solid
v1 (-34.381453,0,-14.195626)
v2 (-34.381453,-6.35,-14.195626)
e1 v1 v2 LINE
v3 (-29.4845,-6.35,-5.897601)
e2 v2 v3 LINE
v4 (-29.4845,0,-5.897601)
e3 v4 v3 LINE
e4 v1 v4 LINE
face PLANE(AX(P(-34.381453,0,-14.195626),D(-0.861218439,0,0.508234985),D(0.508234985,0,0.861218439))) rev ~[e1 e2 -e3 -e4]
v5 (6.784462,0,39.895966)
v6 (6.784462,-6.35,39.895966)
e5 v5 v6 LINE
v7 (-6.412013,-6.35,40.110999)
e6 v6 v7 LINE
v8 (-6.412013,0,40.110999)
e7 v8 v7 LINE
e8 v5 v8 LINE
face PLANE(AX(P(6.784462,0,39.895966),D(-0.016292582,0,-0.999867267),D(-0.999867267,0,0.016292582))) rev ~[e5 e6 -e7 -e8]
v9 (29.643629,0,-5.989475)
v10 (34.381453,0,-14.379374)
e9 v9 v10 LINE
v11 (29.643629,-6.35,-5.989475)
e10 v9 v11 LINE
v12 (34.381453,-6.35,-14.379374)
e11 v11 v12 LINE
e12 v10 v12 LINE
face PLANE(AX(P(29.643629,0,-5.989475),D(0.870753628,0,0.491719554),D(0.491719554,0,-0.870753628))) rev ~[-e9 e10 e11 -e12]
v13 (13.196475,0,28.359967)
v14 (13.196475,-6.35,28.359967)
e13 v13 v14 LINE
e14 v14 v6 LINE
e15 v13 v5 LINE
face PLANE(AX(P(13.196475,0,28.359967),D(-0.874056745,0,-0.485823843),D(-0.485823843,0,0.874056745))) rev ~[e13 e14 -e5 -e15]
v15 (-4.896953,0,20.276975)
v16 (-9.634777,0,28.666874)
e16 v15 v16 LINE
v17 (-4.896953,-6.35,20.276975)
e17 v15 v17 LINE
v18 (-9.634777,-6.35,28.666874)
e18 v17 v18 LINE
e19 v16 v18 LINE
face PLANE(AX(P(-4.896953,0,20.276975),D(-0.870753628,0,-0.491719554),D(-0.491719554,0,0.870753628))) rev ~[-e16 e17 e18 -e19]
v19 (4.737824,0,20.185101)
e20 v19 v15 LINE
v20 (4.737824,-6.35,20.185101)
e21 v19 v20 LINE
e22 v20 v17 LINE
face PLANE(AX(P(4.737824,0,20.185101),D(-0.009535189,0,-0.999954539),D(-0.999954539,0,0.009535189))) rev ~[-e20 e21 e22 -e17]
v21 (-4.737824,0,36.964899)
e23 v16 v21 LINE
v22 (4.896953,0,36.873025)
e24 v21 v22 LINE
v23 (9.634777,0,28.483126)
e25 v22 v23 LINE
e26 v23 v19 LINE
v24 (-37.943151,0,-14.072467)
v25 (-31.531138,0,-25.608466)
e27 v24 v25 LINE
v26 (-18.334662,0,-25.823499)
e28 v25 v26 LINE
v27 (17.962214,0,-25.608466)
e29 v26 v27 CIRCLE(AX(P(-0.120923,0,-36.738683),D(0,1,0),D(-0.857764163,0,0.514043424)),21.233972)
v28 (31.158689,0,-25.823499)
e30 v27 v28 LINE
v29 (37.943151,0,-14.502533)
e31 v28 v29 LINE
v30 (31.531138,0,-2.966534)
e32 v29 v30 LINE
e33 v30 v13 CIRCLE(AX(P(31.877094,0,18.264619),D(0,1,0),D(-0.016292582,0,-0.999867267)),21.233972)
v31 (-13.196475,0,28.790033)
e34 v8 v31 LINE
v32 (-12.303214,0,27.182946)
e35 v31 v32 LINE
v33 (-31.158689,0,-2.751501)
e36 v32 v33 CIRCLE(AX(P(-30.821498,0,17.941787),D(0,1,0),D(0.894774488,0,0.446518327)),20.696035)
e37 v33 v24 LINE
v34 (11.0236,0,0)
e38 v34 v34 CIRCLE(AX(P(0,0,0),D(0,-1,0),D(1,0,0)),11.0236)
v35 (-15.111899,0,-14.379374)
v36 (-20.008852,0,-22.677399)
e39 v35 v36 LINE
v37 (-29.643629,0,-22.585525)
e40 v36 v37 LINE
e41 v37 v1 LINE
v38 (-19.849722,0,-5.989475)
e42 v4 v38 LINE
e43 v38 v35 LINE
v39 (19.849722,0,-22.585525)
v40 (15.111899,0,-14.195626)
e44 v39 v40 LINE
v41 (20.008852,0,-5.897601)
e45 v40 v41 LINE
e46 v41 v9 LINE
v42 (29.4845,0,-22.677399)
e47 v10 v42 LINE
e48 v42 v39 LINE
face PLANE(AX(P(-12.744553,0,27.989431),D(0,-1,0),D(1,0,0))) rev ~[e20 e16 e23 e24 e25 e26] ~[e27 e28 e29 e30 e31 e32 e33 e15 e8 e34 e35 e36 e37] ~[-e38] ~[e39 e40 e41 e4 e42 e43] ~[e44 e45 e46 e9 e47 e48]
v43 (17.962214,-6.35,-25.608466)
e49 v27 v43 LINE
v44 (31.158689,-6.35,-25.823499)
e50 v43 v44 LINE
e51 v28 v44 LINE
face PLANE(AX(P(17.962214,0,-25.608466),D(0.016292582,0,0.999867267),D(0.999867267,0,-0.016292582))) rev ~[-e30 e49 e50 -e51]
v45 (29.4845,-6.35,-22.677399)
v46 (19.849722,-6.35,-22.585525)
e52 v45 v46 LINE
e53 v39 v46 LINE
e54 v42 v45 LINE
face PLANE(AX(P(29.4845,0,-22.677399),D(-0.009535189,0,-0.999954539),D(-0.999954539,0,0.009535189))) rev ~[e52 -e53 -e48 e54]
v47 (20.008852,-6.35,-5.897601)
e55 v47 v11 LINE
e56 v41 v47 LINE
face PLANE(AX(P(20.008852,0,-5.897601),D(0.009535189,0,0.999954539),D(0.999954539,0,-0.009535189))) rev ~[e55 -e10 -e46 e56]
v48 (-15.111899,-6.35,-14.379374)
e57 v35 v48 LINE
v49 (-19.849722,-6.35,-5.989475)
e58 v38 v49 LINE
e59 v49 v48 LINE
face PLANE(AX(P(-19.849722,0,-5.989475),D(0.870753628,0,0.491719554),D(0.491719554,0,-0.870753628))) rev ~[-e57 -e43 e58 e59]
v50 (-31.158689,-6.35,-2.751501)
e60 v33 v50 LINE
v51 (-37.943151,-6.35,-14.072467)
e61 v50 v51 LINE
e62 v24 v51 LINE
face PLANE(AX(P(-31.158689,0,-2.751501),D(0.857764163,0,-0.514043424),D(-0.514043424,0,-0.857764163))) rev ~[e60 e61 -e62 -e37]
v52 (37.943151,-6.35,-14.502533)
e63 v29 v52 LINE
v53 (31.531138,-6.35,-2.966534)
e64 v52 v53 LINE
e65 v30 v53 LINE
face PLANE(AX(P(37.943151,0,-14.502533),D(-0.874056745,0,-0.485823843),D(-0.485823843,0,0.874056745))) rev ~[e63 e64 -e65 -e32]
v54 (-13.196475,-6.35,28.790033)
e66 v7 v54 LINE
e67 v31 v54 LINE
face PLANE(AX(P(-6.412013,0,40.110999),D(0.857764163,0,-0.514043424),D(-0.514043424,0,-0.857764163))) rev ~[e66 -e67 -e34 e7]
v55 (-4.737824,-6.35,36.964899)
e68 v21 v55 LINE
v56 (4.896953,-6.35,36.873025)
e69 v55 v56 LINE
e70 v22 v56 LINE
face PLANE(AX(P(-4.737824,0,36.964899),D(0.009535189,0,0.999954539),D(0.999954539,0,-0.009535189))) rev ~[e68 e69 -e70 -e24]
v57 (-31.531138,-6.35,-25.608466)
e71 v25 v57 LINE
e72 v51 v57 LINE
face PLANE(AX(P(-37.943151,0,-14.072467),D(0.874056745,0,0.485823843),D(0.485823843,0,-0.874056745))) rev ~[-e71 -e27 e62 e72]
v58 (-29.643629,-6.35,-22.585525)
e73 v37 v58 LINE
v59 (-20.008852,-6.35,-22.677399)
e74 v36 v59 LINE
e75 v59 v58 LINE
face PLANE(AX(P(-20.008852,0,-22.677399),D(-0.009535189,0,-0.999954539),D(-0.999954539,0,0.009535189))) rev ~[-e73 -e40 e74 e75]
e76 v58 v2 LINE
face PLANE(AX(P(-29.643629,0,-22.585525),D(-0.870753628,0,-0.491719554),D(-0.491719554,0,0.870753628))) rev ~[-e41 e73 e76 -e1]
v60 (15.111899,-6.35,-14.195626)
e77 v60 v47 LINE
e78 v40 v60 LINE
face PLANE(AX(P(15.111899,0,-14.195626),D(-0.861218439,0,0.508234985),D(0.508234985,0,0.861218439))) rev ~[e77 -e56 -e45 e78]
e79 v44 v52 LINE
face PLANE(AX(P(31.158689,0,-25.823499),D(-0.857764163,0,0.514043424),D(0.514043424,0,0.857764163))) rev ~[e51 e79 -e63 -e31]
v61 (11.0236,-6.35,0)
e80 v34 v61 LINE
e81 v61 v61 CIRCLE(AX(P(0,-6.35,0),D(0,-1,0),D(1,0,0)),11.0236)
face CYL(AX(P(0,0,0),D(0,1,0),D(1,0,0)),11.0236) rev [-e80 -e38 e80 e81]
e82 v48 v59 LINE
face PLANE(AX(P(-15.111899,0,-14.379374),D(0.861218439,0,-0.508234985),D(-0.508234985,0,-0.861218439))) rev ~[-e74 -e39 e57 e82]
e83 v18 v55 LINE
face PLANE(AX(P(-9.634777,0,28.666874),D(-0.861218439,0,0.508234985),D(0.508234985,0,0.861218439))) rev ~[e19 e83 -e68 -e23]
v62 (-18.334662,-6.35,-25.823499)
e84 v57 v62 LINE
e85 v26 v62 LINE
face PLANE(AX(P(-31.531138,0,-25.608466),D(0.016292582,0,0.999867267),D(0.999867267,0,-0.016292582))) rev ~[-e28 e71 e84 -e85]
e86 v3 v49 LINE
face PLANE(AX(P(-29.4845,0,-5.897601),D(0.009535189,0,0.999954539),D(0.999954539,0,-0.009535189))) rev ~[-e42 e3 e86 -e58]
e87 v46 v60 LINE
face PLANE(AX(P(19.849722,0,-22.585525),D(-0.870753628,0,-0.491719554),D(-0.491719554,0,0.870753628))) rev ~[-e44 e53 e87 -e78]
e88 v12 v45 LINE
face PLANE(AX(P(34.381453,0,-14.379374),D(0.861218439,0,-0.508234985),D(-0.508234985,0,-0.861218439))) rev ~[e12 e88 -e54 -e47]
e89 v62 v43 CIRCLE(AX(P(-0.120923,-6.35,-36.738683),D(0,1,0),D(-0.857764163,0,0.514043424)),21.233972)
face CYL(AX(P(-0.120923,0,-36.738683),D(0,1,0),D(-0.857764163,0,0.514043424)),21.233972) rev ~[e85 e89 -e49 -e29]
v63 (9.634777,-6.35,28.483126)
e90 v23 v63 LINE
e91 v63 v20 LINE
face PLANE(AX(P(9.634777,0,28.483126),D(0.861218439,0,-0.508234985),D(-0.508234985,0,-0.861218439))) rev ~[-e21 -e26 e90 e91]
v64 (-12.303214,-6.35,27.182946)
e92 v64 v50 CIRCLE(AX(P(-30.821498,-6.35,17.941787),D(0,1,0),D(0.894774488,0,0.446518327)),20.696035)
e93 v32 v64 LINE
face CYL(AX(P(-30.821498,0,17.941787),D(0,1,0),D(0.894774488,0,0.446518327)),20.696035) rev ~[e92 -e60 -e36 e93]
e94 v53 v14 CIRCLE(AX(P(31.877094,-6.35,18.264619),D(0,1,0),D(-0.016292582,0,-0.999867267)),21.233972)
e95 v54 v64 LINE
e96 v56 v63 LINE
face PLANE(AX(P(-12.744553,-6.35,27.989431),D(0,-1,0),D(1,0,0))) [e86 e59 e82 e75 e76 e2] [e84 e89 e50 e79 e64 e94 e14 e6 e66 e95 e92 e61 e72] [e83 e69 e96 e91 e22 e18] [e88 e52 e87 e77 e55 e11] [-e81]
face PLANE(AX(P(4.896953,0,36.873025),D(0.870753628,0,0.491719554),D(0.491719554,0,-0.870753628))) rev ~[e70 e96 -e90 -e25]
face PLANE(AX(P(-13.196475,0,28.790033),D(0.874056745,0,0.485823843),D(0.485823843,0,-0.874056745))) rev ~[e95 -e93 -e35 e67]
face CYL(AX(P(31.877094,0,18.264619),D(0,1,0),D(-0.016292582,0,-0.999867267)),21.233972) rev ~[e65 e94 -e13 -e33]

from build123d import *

# Parameters (mm, degrees)
F0_R     = 14.2875
F0_R_2   = 11.0236
F1_DEPTH = 25.4
F2_DEPTH = 19.05


with BuildPart() as f1:
    # F0 (on Front) → F1 (new body)
    with BuildSketch(Plane.XZ):
        with BuildLine():
            ThreePointArc((-12.3032136841, 27.182945853), (-12.7319888108, 27.9964141915), (-13.1964753143, 28.7900332028))
            Line((-13.1964753143, 28.7900332028), (-12.3032136841, 27.182945853))
        make_face()
        with BuildLine():
            Line((-6.4120134409, 40.110999464), (-13.1964753143, 28.7900332028))
            ThreePointArc((-13.1964753143, 28.7900332028), (-12.7319888108, 27.9964141915), (-12.3032136841, 27.182945853))
            Line((-12.3032136841, 27.182945853), (-6.7844618734, 17.2540337388))
            Line((-6.7844618734, 17.2540337388), (6.4120134409, 17.039000536))
            Line((6.4120134409, 17.039000536), (13.1964753143, 28.3599667972))
            Line((13.1964753143, 28.3599667972), (6.7844618734, 39.8959662612))
            Line((6.7844618734, 39.8959662612), (-6.4120134409, 40.110999464))
        make_face()
        Polygon((-4.7378237347, 36.9648986165), (4.8969534697, 36.8730250212), (9.6347772045, 28.4831264046), (4.7378237347, 20.1851013835), (-4.8969534697, 20.2769749788), (-9.6347772045, 28.6668735954), align=None, mode=Mode.SUBTRACT)
        with BuildLine():
            Line((-6.7844618734, 17.2540337388), (-12.3032136841, 27.182945853))
            ThreePointArc((-12.3032136841, 27.182945853), (-13.3099071581, 6.9113721119), (-31.158689354, -2.751500536))
            Line((-31.158689354, -2.751500536), (-17.9622140397, -2.9665337388))
            Line((-17.9622140397, -2.9665337388), (-11.5502005988, -14.5025332028))
            Line((-11.5502005988, -14.5025332028), (-18.3346624722, -25.823499464))
            ThreePointArc((-18.3346624722, -25.823499464), (-0.2467165373, -15.5050839103), (17.9622140397, -25.6084662612))
            Line((17.9622140397, -25.6084662612), (11.5502005988, -14.0724667972))
            Line((11.5502005988, -14.0724667972), (18.3346624722, -2.751500536))
            Line((18.3346624722, -2.751500536), (31.5311377866, -2.9665337388))
            ThreePointArc((31.5311377866, -2.9665337388), (13.5511548227, 7.5388791663), (13.1964753143, 28.3599667972))
            Line((13.1964753143, 28.3599667972), (6.4120134409, 17.039000536))
            Line((6.4120134409, 17.039000536), (-6.7844618734, 17.2540337388))
        make_face()
        Circle(F0_R, mode=Mode.SUBTRACT)
        Polygon((-17.9622140397, -2.9665337388), (-31.158689354, -2.751500536), (-37.9431512275, -14.0724667972), (-31.5311377866, -25.6084662612), (-18.3346624722, -25.823499464), (-11.5502005988, -14.5025332028), align=None)
        Polygon((-34.3814531176, -14.1956264046), (-29.4844996479, -5.8976013835), (-19.8497224434, -5.9894749788), (-15.1118987087, -14.3793735954), (-20.0088521784, -22.6773986165), (-29.6436293829, -22.5855250212), align=None, mode=Mode.SUBTRACT)
        Polygon((37.9431512275, -14.5025332028), (31.5311377866, -2.9665337388), (18.3346624722, -2.751500536), (11.5502005988, -14.0724667972), (17.9622140397, -25.6084662612), (31.158689354, -25.823499464), align=None)
        Polygon((29.4844996479, -22.6773986165), (19.8497224434, -22.5855250212), (15.1118987087, -14.1956264046), (20.0088521784, -5.8976013835), (29.6436293829, -5.9894749788), (34.3814531176, -14.3793735954), align=None, mode=Mode.SUBTRACT)
        Circle(F0_R)
        Circle(F0_R_2, mode=Mode.SUBTRACT)
    extrude(amount=F1_DEPTH)

    # F2 (cut): a face of the model
    f2_faces = [f1.faces().sort_by_distance(p)[0] for p in [
        (-11.8711635939, -25.4, 28.4748836018),
    ]]
    extrude(f2_faces, amount=-F2_DEPTH, mode=Mode.SUBTRACT)


solid = f1.part
